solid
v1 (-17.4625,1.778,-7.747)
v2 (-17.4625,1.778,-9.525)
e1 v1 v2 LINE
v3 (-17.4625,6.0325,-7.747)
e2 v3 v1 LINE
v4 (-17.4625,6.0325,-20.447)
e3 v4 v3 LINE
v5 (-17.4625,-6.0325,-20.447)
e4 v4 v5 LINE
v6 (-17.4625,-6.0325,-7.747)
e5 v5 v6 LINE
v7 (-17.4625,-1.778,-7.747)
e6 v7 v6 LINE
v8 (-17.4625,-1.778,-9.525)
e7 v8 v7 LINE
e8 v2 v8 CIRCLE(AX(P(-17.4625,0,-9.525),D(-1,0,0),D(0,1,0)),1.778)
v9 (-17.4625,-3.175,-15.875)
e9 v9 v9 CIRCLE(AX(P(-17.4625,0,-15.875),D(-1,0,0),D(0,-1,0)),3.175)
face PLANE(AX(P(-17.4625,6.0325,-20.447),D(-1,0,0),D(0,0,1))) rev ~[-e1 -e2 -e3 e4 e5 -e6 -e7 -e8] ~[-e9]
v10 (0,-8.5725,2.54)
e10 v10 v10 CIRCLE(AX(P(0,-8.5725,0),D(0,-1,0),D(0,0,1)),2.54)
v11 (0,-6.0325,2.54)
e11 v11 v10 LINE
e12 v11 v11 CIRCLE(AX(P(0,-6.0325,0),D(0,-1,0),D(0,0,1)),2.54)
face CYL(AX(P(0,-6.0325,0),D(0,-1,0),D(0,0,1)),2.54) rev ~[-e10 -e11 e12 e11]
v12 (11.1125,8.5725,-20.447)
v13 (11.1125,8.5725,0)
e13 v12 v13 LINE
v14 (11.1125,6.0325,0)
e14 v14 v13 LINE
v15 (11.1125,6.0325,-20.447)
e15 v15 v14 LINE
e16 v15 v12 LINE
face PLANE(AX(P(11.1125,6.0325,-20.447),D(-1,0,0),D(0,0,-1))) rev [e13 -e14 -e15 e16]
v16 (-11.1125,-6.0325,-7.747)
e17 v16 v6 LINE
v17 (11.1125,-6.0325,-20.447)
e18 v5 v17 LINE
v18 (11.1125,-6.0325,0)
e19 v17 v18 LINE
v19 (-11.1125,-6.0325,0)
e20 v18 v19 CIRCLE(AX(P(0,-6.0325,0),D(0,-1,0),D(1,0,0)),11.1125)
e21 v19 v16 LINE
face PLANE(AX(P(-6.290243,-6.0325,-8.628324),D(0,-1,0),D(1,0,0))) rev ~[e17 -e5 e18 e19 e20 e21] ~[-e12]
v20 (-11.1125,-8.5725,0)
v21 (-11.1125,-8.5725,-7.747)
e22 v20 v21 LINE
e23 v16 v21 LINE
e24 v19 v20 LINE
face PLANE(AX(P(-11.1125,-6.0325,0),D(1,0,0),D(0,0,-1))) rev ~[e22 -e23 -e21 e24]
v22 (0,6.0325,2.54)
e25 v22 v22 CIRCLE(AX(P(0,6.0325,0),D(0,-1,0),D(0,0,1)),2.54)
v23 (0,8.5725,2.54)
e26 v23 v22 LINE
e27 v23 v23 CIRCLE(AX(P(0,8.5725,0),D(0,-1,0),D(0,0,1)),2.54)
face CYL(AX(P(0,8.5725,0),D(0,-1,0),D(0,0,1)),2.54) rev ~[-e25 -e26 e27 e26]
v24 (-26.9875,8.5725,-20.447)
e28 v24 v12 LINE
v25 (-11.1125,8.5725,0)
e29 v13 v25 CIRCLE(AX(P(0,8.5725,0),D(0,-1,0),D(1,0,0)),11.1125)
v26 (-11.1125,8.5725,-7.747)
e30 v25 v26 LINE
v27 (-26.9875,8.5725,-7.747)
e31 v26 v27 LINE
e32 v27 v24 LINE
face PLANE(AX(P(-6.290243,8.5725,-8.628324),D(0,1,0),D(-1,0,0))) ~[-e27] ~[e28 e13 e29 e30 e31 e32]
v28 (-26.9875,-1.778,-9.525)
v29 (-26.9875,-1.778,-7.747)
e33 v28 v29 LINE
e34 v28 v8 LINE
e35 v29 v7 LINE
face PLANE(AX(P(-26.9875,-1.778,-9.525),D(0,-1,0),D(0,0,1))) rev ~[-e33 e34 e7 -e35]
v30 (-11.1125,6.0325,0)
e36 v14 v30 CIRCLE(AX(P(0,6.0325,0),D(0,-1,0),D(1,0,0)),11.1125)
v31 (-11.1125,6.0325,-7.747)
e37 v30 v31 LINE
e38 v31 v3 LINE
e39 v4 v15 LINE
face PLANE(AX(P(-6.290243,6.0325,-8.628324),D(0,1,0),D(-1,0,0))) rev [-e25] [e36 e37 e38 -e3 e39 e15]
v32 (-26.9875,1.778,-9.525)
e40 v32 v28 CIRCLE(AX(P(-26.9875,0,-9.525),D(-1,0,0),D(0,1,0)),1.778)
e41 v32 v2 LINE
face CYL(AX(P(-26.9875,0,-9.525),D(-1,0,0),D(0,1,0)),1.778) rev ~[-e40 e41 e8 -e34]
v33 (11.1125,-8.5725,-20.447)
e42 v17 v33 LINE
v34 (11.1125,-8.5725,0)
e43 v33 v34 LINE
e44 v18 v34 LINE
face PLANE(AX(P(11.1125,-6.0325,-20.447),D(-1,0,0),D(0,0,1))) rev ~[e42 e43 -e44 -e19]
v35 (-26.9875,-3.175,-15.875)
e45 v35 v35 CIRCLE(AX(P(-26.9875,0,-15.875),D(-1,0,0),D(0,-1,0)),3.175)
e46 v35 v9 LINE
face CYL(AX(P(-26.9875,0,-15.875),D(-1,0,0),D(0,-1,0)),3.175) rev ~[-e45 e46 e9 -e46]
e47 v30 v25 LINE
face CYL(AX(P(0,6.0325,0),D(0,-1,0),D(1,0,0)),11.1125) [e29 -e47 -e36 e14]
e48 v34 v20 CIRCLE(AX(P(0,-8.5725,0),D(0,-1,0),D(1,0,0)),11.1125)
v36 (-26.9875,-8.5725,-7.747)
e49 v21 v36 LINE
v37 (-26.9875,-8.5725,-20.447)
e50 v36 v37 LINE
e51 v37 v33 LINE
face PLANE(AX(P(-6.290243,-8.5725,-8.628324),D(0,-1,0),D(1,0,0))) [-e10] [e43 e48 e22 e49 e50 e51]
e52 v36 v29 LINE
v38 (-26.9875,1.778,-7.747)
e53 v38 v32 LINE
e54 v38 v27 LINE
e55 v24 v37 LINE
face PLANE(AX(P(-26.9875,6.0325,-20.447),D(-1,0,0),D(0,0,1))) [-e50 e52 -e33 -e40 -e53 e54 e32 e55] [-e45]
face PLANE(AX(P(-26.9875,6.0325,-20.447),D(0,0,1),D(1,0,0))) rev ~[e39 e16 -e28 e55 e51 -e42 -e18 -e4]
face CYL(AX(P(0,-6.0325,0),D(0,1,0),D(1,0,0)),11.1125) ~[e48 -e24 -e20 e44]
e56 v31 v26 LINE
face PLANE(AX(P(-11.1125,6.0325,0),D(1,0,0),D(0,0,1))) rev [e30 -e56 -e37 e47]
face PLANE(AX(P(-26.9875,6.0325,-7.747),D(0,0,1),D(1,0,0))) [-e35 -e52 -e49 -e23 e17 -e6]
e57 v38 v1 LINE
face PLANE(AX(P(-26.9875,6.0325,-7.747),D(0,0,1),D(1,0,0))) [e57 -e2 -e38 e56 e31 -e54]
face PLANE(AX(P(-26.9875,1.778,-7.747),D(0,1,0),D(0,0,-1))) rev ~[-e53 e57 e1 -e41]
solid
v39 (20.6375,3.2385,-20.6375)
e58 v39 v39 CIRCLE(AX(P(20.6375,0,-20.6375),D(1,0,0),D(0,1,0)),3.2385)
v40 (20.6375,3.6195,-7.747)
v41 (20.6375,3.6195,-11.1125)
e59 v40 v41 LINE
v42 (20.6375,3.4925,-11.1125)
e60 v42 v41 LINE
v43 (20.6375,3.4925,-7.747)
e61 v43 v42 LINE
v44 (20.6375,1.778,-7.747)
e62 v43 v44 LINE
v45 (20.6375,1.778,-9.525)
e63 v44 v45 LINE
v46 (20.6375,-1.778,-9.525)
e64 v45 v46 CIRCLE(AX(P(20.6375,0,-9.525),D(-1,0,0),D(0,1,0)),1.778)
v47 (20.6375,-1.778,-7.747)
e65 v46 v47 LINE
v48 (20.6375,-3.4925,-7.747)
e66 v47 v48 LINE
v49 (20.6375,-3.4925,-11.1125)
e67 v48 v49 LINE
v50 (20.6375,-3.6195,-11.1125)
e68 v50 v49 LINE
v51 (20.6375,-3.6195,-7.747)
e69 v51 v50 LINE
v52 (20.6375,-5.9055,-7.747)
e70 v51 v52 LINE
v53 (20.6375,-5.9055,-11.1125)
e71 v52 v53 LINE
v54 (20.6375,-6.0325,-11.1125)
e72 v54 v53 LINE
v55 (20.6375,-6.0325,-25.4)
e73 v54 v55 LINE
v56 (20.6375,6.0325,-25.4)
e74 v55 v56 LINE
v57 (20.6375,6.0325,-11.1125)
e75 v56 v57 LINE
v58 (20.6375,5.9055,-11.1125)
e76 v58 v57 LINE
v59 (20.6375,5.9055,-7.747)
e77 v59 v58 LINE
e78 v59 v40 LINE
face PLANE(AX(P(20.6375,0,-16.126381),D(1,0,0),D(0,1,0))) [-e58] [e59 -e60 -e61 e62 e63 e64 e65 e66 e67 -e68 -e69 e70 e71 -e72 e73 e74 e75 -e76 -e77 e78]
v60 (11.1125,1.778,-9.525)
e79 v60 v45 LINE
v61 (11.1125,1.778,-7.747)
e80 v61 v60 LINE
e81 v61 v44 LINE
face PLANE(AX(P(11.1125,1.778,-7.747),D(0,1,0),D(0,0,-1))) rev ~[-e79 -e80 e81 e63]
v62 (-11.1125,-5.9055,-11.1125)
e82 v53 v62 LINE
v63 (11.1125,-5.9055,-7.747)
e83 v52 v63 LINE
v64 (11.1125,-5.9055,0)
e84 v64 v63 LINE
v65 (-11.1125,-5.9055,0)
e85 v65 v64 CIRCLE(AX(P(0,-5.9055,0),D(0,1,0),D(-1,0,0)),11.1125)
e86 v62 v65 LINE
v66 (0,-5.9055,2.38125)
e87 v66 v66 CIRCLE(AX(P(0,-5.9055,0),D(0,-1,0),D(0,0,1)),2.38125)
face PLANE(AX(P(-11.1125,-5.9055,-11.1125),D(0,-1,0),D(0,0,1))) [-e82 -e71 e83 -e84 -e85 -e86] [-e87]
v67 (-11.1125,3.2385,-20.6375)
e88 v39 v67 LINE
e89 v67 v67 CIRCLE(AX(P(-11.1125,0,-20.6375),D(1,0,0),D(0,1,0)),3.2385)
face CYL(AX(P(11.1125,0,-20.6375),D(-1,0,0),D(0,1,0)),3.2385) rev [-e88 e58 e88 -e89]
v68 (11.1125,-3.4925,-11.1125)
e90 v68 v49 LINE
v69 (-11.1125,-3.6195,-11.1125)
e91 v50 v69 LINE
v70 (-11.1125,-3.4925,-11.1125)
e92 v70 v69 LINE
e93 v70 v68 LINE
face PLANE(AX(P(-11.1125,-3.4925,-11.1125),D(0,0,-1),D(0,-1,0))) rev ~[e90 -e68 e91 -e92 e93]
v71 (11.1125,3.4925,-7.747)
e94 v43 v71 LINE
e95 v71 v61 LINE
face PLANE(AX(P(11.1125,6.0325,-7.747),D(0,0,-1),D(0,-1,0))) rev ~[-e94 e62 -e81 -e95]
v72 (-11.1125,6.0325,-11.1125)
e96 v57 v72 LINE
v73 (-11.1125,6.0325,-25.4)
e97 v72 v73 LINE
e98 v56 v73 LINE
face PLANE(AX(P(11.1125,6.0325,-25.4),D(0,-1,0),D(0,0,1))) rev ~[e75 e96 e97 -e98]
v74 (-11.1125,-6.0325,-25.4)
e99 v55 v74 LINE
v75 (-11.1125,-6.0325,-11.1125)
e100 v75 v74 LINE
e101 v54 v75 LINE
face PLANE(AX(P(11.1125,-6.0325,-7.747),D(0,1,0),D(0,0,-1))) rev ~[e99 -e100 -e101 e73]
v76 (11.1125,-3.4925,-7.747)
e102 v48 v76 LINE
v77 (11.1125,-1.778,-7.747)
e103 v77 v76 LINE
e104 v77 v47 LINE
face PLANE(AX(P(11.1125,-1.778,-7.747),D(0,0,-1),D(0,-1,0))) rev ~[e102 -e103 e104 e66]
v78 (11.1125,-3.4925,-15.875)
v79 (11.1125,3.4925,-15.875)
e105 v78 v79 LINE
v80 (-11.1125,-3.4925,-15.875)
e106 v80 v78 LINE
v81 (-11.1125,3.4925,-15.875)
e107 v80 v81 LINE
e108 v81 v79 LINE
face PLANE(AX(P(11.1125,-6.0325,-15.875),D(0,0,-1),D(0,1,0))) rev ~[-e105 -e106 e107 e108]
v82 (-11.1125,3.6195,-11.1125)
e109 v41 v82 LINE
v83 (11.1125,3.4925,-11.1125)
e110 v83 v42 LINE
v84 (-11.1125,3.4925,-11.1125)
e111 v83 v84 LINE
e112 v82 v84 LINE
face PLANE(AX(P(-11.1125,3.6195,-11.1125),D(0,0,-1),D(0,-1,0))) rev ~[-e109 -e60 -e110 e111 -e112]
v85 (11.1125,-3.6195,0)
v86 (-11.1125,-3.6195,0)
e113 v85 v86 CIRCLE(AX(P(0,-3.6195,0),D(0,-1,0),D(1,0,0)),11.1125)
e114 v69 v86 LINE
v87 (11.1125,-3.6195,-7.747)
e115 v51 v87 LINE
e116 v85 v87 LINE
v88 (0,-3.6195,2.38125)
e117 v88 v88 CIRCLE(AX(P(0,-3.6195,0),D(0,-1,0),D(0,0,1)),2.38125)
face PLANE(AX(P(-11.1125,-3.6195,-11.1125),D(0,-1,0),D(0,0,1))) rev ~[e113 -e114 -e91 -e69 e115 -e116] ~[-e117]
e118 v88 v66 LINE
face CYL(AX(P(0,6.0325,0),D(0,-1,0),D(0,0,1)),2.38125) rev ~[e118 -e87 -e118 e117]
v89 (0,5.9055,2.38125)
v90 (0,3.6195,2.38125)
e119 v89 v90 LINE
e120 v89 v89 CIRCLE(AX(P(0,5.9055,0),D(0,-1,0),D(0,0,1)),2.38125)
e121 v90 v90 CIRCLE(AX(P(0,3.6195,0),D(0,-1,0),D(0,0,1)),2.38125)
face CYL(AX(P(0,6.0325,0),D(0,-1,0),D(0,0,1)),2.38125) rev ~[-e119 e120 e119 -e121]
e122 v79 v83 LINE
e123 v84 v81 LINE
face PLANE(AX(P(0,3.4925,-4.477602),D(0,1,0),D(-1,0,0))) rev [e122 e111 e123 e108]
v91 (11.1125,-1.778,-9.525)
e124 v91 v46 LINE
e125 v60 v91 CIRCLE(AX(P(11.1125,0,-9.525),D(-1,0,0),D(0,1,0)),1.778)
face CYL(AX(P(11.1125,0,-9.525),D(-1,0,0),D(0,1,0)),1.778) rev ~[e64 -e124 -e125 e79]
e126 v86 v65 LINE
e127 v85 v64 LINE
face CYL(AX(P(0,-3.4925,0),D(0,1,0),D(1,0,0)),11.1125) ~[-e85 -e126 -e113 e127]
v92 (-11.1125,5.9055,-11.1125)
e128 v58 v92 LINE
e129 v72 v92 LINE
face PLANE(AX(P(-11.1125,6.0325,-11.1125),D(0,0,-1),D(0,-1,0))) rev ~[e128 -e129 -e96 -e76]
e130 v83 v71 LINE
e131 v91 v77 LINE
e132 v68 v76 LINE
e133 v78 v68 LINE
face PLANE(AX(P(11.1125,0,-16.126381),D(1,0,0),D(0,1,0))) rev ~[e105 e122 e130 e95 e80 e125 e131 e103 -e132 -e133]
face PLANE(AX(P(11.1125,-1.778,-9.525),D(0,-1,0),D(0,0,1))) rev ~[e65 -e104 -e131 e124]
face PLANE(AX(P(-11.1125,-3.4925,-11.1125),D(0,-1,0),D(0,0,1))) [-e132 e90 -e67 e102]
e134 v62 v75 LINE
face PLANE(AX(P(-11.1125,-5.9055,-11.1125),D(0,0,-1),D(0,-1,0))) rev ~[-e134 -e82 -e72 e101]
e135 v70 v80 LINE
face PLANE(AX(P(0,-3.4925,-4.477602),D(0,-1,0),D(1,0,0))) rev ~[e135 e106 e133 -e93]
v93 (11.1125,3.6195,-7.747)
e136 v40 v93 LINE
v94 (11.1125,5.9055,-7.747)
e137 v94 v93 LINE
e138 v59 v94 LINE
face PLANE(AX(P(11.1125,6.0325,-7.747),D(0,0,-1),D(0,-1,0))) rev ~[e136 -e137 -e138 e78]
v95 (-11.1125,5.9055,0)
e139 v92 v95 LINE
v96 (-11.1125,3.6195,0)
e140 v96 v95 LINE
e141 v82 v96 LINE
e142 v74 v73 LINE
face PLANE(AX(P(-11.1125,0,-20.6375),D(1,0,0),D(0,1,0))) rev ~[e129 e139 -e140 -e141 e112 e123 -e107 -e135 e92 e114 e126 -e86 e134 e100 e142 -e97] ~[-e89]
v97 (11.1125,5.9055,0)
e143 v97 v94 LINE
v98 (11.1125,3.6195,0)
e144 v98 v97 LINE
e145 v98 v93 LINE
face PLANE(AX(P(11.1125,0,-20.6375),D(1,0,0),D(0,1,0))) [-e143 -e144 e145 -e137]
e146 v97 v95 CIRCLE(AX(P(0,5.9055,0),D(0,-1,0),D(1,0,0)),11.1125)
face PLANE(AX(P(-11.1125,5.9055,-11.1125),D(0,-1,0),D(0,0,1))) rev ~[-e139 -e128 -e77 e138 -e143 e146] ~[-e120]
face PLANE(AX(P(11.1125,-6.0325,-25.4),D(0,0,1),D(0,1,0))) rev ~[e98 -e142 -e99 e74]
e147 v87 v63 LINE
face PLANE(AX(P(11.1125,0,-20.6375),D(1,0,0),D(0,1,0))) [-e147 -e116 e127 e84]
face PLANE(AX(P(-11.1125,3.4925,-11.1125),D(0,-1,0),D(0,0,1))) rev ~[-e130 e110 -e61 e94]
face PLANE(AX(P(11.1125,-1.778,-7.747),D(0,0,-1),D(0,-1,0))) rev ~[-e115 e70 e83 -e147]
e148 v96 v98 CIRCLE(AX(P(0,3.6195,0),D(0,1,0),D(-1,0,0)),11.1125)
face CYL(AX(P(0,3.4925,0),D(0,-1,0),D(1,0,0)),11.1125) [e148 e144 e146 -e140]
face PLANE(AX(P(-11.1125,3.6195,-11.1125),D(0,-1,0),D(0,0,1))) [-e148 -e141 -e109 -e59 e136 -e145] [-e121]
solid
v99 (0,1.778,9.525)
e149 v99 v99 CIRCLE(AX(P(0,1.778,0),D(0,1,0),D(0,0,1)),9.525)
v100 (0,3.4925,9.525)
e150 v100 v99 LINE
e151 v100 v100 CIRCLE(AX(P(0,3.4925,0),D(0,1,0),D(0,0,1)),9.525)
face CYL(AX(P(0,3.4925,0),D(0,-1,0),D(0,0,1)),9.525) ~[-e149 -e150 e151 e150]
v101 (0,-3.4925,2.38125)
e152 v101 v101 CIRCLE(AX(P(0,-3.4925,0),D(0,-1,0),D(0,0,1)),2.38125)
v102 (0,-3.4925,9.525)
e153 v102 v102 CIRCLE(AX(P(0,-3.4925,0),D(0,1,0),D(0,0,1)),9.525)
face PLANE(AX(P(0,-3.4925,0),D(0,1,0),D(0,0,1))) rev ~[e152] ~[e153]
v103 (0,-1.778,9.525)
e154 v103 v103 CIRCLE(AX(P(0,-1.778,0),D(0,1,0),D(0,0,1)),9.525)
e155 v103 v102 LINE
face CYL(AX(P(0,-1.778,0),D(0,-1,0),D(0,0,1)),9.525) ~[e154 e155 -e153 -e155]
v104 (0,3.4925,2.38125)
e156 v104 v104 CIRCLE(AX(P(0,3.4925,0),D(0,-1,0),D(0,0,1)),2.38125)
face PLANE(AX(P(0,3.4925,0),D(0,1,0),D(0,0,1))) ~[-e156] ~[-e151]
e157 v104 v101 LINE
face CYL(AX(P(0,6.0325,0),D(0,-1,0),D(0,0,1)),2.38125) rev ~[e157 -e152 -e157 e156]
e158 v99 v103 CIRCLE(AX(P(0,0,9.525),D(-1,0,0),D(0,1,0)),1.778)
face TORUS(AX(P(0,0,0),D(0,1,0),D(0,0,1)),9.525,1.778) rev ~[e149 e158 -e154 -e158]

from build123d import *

# Parameters (mm, degrees)
F3_DEPTH  = 2.54
F5_W      = 12.065
F5_H      = 9.525
F6_DEPTH  = 22.225
F7_R      = 3.2385
F8_DEPTH  = 22.225
F10_DEPTH = 2.54
F12_W     = 9.525
F12_H     = 12.7
F13_DEPTH = 12.065
F15_DEPTH = 9.525
F16_R     = 3.2385
F17_DEPTH = 9.525
F18_R     = 3.175
F19_DEPTH = 9.525
F20_W     = 0.127
F20_H     = 11.1125
F22_W     = 0.127
F22_H     = 11.1125
F23_DEPTH = 31.751


with BuildPart() as f1:
    # F0 (on Right) → F1 (revolve)
    with BuildSketch(Plane.YZ):
        with BuildLine():
            Line((-3.4925, 9.525), (-3.4925, 0))
            Line((-3.4925, 0), (3.4925, 0))
            Line((3.4925, 0), (3.4925, 9.525))
            Line((3.4925, 9.525), (1.778, 9.525))
            ThreePointArc((1.778, 9.525), (0, 7.747), (-1.778, 9.525))
            Line((-1.778, 9.525), (-3.4925, 9.525))
        make_face()
    revolve(axis=Axis((0, 0, 0), (0, 1, 0)))


with BuildPart() as f3:
    # F2 (on face) → F3 (new body)
    with BuildSketch(Plane.XZ.offset(3.4925)):
        with BuildLine():
            Line((11.1125, -15.875), (11.1125, 0))
            ThreePointArc((11.1125, 0), (0, 11.1125), (-11.1125, 0))
            Line((-11.1125, 0), (-11.1125, -15.875))
            Line((-11.1125, -15.875), (11.1125, -15.875))
        make_face()
    extrude(amount=F3_DEPTH)


with BuildPart() as f4_1:
    # F4: instance of F3
    add(f3.part.mirror(Plane.XZ))


with BuildPart() as f3_1:
    add(f3.part)

    add(f4_1.part)  # F6 merges F4_1
    # F5 (on face) → F6 (join, through all)
    with BuildSketch(Plane.YZ.offset(11.1125)):
        with Locations((0, -20.6375)):
            Rectangle(F5_W, F5_H)
    extrude(amount=-F6_DEPTH)

    # F7 (on face) → F8 (cut, through all)
    with BuildSketch(Plane.YZ.offset(11.1125)):
        with Locations((0, -20.6375)):
            Circle(F7_R)
    extrude(amount=-F8_DEPTH, mode=Mode.SUBTRACT)

    # F16 (on face) → F17 (join)
    with BuildSketch(Plane.YZ.offset(11.1125)):
        with BuildLine():
            Line((1.778, -7.747), (1.778, -9.525))
            ThreePointArc((1.778, -9.525), (0, -11.303), (-1.778, -9.525))
            Line((-1.778, -9.525), (-1.778, -7.747))
            Line((-1.778, -7.747), (-6.0325, -7.747))
            Line((-6.0325, -7.747), (-6.0325, -25.4))
            Line((-6.0325, -25.4), (6.0325, -25.4))
            Line((6.0325, -25.4), (6.0325, -7.747))
            Line((6.0325, -7.747), (1.778, -7.747))
        make_face()
        with Locations((0, -20.6375)):
            Circle(F16_R, mode=Mode.SUBTRACT)
    extrude(amount=F17_DEPTH)

    # F20 (on Right) → F21 (revolve, cut)
    with BuildSketch(Plane.YZ):
        with Locations((-3.556, 5.55625)):
            Rectangle(F20_W, F20_H)
        with Locations((3.556, 5.55625)):
            Rectangle(F20_W, F20_H)
        with Locations((5.969, 5.55625)):
            Rectangle(F20_W, F20_H)
        with Locations((-5.969, 5.55625)):
            Rectangle(F20_W, F20_H)
    revolve(axis=Axis((0, -3.556, 0), (0, -1, 0)), mode=Mode.SUBTRACT)

    # F22 (on face) → F23 (cut, through all)
    with BuildSketch(Plane(origin=(-11.1125, 0, 0), x_dir=(0, -1, 0), z_dir=(-1, 0, 0))):
        with Locations((5.969, -5.55625)):
            Rectangle(F22_W, F22_H)
        with Locations((-5.969, -5.55625)):
            Rectangle(F22_W, F22_H)
        with Locations((-3.556, -5.55625)):
            Rectangle(F22_W, F22_H)
        with Locations((3.556, -5.55625)):
            Rectangle(F22_W, F22_H)
    extrude(amount=-F23_DEPTH, mode=Mode.SUBTRACT)


with BuildPart() as f10:
    # F9 (on face) → F10 (new body)
    with BuildSketch(Plane.XZ.offset(6.0325)):
        with BuildLine():
            Line((-26.9875, -20.447), (-11.1125, -20.447))
            Line((-11.1125, -20.447), (11.1125, -20.447))
            Line((11.1125, -20.447), (11.1125, 0))
            ThreePointArc((11.1125, 0), (0, 11.1125), (-11.1125, 0))
            Line((-11.1125, 0), (-11.1125, -7.747))
            Line((-11.1125, -7.747), (-26.9875, -7.747))
            Line((-26.9875, -7.747), (-26.9875, -20.447))
        make_face()
    extrude(amount=F10_DEPTH)


with BuildPart() as f11_1:
    # F11: instance of F10
    add(f10.part.mirror(Plane.XZ))


with BuildPart() as f10_1:
    add(f10.part)

    add(f11_1.part)  # F13 merges F11_1
    # F12 (on face) → F13 (join, through all)
    with BuildSketch(Plane.XZ.offset(-6.0325)):
        with Locations((-22.225, -14.097)):
            Rectangle(F12_W, F12_H)
    extrude(amount=F13_DEPTH)

    # F14 (on face) → F15 (cut, through all)
    with BuildSketch(Plane(origin=(-26.9875, 0, 0), x_dir=(0, -1, 0), z_dir=(-1, 0, 0))):
        with BuildLine():
            Line((-1.778, -7.747), (-1.778, -9.525))
            ThreePointArc((-1.778, -9.525), (0, -11.303), (1.778, -9.525))
            Line((1.778, -9.525), (1.778, -7.747))
            Line((1.778, -7.747), (-1.778, -7.747))
        make_face()
    extrude(amount=-F15_DEPTH, mode=Mode.SUBTRACT)

    # F18 (on face) → F19 (cut, through all)
    with BuildSketch(Plane(origin=(-26.9875, 0, 0), x_dir=(0, -1, 0), z_dir=(-1, 0, 0))):
        with Locations((0, -15.875)):
            Circle(F18_R)
    extrude(amount=-F19_DEPTH, mode=Mode.SUBTRACT)


with BuildPart() as f25_tool:
    # F24 (on Right) → F25 (revolve)
    with BuildSketch(Plane.YZ):
        Polygon((-8.5725, 0), (8.5725, 0), (8.5725, 2.54), (6.0325, 2.54), (6.0325, 2.38125), (-6.0325, 2.38125), (-6.0325, 2.54), (-8.5725, 2.54), align=None)
    revolve(axis=Axis((0, 0, 0), (0, -1, 0)))


with BuildPart() as f1_1:
    add(f1.part)

    # F25: cut by f25_tool
    add(f25_tool.part, mode=Mode.SUBTRACT)


with BuildPart() as f3_2:
    add(f3_1.part)

    # F25: cut by f25_tool
    add(f25_tool.part, mode=Mode.SUBTRACT)


with BuildPart() as f10_2:
    add(f10_1.part)

    # F25: cut by f25_tool
    add(f25_tool.part, mode=Mode.SUBTRACT)


solid = Compound([f1_1.part, f3_2.part, f10_2.part])
